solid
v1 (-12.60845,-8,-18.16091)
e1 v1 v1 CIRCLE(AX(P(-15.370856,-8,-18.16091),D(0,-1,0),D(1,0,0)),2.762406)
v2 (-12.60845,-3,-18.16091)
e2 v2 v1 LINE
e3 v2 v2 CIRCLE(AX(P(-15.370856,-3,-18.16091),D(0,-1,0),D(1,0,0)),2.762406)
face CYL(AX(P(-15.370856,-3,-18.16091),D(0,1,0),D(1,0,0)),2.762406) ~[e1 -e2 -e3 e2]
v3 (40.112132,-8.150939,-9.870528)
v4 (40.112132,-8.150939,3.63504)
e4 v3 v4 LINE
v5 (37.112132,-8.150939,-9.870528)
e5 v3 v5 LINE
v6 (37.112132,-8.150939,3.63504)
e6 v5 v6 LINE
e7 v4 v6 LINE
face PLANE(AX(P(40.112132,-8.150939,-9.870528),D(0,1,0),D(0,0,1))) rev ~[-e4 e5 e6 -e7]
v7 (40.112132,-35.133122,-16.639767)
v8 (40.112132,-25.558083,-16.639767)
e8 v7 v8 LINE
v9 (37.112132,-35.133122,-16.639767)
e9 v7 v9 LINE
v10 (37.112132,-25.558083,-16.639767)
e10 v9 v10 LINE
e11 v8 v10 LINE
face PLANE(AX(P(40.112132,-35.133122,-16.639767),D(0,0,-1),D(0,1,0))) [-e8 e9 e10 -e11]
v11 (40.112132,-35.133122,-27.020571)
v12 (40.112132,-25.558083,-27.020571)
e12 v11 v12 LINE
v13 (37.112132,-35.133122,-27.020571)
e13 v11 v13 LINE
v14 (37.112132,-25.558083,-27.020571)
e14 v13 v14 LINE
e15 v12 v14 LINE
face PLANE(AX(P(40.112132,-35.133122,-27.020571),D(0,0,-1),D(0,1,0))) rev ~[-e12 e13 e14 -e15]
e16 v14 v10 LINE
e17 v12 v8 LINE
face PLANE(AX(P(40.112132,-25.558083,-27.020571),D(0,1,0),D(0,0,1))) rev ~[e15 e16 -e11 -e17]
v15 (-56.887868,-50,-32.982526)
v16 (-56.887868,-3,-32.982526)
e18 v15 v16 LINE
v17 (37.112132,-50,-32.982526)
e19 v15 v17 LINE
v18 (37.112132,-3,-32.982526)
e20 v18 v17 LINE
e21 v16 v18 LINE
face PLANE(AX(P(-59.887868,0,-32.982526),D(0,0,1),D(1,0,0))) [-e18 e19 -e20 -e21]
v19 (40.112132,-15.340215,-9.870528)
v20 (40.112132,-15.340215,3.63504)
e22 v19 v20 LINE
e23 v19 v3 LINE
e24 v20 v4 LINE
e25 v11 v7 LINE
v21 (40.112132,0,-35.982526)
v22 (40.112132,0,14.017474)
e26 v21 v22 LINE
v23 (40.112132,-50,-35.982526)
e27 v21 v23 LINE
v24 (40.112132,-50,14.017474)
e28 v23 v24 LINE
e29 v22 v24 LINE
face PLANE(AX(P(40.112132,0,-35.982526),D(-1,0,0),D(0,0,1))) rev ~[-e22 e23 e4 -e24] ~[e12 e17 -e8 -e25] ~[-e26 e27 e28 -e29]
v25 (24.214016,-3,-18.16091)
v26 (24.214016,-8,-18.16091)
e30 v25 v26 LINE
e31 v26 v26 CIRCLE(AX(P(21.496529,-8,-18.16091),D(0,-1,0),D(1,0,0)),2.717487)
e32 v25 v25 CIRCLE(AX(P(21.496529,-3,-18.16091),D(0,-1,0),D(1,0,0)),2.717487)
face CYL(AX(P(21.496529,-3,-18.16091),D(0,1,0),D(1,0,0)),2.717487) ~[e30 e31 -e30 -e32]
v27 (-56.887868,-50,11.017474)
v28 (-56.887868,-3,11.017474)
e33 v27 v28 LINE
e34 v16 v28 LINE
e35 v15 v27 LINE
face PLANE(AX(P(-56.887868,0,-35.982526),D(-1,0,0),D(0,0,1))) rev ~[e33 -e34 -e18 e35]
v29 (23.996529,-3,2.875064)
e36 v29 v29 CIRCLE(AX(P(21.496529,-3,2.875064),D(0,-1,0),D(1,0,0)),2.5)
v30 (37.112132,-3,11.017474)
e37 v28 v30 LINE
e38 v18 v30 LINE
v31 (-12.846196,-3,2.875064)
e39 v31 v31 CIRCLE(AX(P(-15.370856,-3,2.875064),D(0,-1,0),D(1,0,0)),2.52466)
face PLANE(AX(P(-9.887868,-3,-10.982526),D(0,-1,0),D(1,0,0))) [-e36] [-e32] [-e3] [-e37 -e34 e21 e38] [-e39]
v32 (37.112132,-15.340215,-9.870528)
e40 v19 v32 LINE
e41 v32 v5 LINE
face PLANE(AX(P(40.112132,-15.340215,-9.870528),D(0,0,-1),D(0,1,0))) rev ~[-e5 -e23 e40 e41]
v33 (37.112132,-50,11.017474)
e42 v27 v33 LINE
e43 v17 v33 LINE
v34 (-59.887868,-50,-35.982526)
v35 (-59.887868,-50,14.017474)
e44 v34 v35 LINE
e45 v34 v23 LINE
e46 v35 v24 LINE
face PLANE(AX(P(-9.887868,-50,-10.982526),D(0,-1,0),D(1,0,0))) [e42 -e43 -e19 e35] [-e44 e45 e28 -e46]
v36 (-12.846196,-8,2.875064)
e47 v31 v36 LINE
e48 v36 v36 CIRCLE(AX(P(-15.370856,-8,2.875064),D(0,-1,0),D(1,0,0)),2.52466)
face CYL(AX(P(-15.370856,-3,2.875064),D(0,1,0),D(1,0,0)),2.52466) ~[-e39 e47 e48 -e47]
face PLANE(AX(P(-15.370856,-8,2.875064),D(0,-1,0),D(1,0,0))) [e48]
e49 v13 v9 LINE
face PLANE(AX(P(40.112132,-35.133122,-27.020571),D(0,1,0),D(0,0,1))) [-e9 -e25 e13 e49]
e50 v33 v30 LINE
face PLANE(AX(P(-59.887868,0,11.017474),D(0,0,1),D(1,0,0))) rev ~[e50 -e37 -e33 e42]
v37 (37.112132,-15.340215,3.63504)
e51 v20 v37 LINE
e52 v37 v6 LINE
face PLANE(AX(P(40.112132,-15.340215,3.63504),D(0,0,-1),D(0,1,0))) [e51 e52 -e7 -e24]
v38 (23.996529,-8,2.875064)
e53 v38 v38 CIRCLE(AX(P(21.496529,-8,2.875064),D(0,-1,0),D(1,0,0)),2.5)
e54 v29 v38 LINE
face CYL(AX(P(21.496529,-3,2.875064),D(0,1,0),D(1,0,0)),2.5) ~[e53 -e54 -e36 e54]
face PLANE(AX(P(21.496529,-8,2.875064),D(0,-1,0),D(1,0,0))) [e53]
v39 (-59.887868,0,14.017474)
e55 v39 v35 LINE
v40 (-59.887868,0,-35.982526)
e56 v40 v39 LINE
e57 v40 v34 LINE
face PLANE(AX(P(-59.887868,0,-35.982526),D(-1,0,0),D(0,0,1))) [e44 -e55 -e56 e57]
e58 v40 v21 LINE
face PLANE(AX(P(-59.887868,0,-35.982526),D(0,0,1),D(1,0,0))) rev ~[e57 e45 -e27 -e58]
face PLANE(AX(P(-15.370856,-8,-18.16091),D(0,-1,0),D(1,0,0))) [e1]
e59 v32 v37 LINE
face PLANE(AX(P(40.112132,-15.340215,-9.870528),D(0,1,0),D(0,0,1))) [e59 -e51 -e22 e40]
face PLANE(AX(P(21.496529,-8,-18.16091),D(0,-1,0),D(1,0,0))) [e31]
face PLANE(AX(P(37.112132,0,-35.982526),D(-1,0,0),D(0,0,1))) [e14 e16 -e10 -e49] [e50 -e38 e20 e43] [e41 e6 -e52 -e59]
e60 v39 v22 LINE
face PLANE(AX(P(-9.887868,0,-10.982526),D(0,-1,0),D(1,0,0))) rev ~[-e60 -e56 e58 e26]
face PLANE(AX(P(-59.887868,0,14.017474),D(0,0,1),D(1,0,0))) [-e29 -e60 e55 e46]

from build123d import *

# Parameters (mm, degrees)
F0_W      = 100
F0_H      = 50
F1_DEPTH  = 50
F2_T      = -3
F3_W      = 7.189277
F3_H      = 13.505568
F4_DEPTH  = 3
F3_W_2    = 9.575039
F3_H_2    = 10.380805
F5_DEPTH  = 3
F6_R      = 2.5
F7_DEPTH  = 5
F6_R_2    = 2.717487
F8_DEPTH  = 5
F6_R_3    = 2.762406
F9_DEPTH  = 5
F6_R_4    = 2.52466
F10_DEPTH = 5


with BuildPart() as f1:
    # F0 (on Front) → F1 (new body)
    with BuildSketch(Plane.XZ):
        with Locations((-9.887868, -10.982526)):
            Rectangle(F0_W, F0_H)
    extrude(amount=F1_DEPTH)

    # F2
    f2_openings = [f1.faces().sort_by_distance(p)[0] for p in [
        (-9.887868, -50, -10.982526),
    ]]
    offset(amount=F2_T, openings=f2_openings)

    # F3 (on face) → F4 (cut)
    with BuildSketch(Plane.YZ.offset(40.112132)):
        with Locations((-11.745577, -3.117744)):
            Rectangle(F3_W, F3_H)
    extrude(amount=-F4_DEPTH, mode=Mode.SUBTRACT)

    # F3 (on face) → F5 (cut)
    with BuildSketch(Plane.YZ.offset(40.112132)):
        with Locations((-30.345603, -21.830169)):
            Rectangle(F3_W_2, F3_H_2)
    extrude(amount=-F5_DEPTH, mode=Mode.SUBTRACT)

    # F6 (on face) → F7 (join)
    with BuildSketch(Plane.XZ.offset(3)):
        with Locations((21.496529, 2.875064)):
            Circle(F6_R)
    extrude(amount=F7_DEPTH)

    # F6 (on face) → F8 (join)
    with BuildSketch(Plane.XZ.offset(3)):
        with Locations((21.496529, -18.16091)):
            Circle(F6_R_2)
    extrude(amount=F8_DEPTH)

    # F6 (on face) → F9 (join)
    with BuildSketch(Plane.XZ.offset(3)):
        with Locations((-15.370856, -18.16091)):
            Circle(F6_R_3)
    extrude(amount=F9_DEPTH)

    # F6 (on face) → F10 (join)
    with BuildSketch(Plane.XZ.offset(3)):
        with Locations((-15.370856, 2.875064)):
            Circle(F6_R_4)
    extrude(amount=F10_DEPTH)


solid = f1.part
